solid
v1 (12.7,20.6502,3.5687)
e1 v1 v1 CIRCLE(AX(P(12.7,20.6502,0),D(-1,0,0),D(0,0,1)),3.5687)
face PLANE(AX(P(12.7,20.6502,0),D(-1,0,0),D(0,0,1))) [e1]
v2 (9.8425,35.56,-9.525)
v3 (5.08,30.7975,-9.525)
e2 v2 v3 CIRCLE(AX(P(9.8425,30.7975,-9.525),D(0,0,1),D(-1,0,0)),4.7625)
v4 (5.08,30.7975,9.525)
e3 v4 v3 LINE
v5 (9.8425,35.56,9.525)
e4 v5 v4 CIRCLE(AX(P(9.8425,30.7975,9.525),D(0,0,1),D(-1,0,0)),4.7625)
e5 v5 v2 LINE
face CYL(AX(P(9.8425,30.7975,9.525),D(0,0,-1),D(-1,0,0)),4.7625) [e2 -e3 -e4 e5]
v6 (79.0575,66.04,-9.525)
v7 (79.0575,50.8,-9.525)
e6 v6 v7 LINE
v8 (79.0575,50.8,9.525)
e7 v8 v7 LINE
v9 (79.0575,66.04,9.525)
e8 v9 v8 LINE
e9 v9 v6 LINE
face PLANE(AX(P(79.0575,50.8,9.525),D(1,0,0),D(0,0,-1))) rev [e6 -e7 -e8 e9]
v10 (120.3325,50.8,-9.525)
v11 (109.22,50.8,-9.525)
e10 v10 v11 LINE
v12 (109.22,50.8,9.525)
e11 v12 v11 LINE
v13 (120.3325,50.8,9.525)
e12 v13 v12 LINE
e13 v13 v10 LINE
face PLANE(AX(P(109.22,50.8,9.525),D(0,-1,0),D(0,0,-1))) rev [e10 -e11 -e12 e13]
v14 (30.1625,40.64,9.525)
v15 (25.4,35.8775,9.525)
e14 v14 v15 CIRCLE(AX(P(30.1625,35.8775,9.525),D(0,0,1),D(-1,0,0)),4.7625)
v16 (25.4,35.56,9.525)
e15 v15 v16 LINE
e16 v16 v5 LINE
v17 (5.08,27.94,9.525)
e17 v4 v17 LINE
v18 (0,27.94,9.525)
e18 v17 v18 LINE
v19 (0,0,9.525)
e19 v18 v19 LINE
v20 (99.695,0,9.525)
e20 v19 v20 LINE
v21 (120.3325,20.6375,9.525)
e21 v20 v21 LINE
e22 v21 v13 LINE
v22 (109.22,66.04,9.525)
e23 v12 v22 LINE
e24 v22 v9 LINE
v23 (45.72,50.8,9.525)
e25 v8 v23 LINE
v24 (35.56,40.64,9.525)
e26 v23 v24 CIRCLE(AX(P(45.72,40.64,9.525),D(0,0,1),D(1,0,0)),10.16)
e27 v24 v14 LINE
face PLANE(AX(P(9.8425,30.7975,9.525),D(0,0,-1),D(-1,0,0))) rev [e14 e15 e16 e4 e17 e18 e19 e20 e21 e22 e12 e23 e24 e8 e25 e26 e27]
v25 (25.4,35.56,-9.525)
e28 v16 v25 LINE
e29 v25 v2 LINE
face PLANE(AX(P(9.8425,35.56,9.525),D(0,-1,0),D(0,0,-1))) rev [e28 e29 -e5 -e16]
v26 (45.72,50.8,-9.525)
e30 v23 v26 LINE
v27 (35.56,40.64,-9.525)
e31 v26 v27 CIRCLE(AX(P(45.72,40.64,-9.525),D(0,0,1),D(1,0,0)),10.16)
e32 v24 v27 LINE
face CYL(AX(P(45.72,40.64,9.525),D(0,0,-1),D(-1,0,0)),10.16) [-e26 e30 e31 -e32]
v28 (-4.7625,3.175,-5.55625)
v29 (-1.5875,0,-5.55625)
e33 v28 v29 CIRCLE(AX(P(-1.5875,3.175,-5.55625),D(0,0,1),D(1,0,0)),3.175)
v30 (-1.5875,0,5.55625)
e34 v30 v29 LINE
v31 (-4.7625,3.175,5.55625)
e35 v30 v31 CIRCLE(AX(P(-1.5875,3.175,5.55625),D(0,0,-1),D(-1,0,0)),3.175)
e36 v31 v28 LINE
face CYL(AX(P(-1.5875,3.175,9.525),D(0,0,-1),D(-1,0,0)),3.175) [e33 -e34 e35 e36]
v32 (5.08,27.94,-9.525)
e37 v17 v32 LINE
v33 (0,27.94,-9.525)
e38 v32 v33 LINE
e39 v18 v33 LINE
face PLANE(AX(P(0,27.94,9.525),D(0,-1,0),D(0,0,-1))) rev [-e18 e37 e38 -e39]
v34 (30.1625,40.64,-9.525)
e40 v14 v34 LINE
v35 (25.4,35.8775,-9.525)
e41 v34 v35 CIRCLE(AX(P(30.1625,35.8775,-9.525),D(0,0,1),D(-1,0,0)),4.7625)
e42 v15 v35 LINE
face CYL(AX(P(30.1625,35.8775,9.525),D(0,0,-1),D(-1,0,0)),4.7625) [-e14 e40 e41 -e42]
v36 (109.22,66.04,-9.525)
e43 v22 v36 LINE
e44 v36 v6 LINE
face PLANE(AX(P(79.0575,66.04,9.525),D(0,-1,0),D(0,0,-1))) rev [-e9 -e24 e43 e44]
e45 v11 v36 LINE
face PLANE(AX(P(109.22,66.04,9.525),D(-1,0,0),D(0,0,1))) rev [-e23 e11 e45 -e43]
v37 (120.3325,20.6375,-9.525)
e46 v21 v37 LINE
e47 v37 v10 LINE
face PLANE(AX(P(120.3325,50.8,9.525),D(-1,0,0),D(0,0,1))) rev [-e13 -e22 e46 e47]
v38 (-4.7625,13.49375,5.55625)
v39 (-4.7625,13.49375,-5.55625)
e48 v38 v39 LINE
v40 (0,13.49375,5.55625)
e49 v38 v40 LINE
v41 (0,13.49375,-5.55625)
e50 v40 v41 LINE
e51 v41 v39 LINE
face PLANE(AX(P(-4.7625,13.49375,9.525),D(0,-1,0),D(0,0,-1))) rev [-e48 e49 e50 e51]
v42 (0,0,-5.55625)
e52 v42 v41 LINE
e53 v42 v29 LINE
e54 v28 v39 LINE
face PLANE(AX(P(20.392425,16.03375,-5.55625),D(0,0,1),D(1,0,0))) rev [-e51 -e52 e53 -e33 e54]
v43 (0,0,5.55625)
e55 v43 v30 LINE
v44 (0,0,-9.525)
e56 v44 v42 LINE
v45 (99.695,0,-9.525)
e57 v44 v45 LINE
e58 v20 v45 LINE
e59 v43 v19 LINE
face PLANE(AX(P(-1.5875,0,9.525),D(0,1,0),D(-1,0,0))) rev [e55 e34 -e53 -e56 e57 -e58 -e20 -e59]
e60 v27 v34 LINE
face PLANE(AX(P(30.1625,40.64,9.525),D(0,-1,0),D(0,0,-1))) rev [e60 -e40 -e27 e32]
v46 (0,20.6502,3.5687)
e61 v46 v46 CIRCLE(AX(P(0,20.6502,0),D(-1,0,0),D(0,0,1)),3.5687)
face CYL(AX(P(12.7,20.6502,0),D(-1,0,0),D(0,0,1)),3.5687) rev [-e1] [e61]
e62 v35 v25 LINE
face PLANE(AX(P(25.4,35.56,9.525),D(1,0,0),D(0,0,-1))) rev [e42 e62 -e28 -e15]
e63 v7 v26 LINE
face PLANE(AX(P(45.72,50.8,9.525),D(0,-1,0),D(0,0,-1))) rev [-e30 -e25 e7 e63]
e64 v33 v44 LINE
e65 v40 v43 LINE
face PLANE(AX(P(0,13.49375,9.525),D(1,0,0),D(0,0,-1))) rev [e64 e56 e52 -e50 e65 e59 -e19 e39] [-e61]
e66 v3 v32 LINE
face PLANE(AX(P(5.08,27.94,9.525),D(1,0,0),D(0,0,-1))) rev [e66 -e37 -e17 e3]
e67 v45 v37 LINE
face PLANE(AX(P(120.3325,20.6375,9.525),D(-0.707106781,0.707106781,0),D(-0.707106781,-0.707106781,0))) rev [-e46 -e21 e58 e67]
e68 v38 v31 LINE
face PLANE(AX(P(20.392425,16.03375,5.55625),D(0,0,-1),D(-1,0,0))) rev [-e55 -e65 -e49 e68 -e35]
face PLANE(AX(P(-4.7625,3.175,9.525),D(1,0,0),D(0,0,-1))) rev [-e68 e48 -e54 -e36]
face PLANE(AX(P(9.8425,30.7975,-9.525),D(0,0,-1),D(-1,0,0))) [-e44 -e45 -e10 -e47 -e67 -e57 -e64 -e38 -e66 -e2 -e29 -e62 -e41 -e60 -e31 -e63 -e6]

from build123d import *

# Parameters (mm, degrees)
EXTRUDE1_DEPTH      = 9.525
EXTRUDE1_DEPTH_BACK = 9.525
SKETCH3_R           = 3.5687
EXTRUDE2_DEPTH      = 12.7
CUT_EXTRUDE1_DEPTH  = 4.7625


with BuildPart() as part:
    # Sketch1 → Extrude1 (new, two sides)
    with BuildSketch(Plane.XY) as extrude1_sk:
        with BuildLine():
            Line((-1.5875, 0), (99.695, 0))
            Line((99.695, 0), (120.3325, 20.6375))
            Line((120.3325, 20.6375), (120.3325, 50.8))
            Line((120.3325, 50.8), (109.22, 50.8))
            Line((109.22, 50.8), (109.22, 66.04))
            Line((109.22, 66.04), (79.0575, 66.04))
            Line((79.0575, 66.04), (79.0575, 50.8))
            Line((79.0575, 50.8), (45.72, 50.8))
            ThreePointArc((45.72, 50.8), (38.535795103, 47.824204897), (35.56, 40.64))
            Line((35.56, 40.64), (30.1625, 40.64))
            ThreePointArc((30.1625, 40.64), (26.794903955, 39.245096045), (25.4, 35.8775))
            Line((25.4, 35.8775), (25.4, 35.56))
            Line((25.4, 35.56), (9.8425, 35.56))
            ThreePointArc((9.8425, 35.56), (6.474903955, 34.165096045), (5.08, 30.7975))
            Line((5.08, 30.7975), (5.08, 27.94))
            Line((5.08, 27.94), (0, 27.94))
            Line((0, 27.94), (0, 13.49375))
            Line((0, 13.49375), (-4.7625, 13.49375))
            Line((-4.7625, 13.49375), (-4.7625, 3.175))
            ThreePointArc((-4.7625, 3.175), (-3.83256403, 0.92993597), (-1.5875, 0))
        make_face()
    extrude(amount=EXTRUDE1_DEPTH)
    extrude(extrude1_sk.sketch, amount=-EXTRUDE1_DEPTH_BACK)


with BuildPart() as body_2:
    # Sketch3 → Extrude2 (new body)
    with BuildSketch(Plane.ZY):
        with Locations((0, 20.6502)):
            Circle(SKETCH3_R)
    extrude(amount=-EXTRUDE2_DEPTH)


with BuildPart() as part_1:
    add(part.part)

    # Combine1: cut body 2
    add(body_2.part, mode=Mode.SUBTRACT)

    # Sketch4 → Cut-Extrude1 (cut)
    with BuildSketch(Plane.ZY.offset(4.7625)):
        Polygon((-9.525, 20.0025), (-9.525, 0), (-5.55625, 0), (-5.55625, 16.03375), align=None)
        Polygon((5.55625, 0), (9.525, 0), (9.525, 20.0025), (5.55625, 16.03375), align=None)
    extrude(amount=-CUT_EXTRUDE1_DEPTH, mode=Mode.SUBTRACT)


solid = part_1.part
